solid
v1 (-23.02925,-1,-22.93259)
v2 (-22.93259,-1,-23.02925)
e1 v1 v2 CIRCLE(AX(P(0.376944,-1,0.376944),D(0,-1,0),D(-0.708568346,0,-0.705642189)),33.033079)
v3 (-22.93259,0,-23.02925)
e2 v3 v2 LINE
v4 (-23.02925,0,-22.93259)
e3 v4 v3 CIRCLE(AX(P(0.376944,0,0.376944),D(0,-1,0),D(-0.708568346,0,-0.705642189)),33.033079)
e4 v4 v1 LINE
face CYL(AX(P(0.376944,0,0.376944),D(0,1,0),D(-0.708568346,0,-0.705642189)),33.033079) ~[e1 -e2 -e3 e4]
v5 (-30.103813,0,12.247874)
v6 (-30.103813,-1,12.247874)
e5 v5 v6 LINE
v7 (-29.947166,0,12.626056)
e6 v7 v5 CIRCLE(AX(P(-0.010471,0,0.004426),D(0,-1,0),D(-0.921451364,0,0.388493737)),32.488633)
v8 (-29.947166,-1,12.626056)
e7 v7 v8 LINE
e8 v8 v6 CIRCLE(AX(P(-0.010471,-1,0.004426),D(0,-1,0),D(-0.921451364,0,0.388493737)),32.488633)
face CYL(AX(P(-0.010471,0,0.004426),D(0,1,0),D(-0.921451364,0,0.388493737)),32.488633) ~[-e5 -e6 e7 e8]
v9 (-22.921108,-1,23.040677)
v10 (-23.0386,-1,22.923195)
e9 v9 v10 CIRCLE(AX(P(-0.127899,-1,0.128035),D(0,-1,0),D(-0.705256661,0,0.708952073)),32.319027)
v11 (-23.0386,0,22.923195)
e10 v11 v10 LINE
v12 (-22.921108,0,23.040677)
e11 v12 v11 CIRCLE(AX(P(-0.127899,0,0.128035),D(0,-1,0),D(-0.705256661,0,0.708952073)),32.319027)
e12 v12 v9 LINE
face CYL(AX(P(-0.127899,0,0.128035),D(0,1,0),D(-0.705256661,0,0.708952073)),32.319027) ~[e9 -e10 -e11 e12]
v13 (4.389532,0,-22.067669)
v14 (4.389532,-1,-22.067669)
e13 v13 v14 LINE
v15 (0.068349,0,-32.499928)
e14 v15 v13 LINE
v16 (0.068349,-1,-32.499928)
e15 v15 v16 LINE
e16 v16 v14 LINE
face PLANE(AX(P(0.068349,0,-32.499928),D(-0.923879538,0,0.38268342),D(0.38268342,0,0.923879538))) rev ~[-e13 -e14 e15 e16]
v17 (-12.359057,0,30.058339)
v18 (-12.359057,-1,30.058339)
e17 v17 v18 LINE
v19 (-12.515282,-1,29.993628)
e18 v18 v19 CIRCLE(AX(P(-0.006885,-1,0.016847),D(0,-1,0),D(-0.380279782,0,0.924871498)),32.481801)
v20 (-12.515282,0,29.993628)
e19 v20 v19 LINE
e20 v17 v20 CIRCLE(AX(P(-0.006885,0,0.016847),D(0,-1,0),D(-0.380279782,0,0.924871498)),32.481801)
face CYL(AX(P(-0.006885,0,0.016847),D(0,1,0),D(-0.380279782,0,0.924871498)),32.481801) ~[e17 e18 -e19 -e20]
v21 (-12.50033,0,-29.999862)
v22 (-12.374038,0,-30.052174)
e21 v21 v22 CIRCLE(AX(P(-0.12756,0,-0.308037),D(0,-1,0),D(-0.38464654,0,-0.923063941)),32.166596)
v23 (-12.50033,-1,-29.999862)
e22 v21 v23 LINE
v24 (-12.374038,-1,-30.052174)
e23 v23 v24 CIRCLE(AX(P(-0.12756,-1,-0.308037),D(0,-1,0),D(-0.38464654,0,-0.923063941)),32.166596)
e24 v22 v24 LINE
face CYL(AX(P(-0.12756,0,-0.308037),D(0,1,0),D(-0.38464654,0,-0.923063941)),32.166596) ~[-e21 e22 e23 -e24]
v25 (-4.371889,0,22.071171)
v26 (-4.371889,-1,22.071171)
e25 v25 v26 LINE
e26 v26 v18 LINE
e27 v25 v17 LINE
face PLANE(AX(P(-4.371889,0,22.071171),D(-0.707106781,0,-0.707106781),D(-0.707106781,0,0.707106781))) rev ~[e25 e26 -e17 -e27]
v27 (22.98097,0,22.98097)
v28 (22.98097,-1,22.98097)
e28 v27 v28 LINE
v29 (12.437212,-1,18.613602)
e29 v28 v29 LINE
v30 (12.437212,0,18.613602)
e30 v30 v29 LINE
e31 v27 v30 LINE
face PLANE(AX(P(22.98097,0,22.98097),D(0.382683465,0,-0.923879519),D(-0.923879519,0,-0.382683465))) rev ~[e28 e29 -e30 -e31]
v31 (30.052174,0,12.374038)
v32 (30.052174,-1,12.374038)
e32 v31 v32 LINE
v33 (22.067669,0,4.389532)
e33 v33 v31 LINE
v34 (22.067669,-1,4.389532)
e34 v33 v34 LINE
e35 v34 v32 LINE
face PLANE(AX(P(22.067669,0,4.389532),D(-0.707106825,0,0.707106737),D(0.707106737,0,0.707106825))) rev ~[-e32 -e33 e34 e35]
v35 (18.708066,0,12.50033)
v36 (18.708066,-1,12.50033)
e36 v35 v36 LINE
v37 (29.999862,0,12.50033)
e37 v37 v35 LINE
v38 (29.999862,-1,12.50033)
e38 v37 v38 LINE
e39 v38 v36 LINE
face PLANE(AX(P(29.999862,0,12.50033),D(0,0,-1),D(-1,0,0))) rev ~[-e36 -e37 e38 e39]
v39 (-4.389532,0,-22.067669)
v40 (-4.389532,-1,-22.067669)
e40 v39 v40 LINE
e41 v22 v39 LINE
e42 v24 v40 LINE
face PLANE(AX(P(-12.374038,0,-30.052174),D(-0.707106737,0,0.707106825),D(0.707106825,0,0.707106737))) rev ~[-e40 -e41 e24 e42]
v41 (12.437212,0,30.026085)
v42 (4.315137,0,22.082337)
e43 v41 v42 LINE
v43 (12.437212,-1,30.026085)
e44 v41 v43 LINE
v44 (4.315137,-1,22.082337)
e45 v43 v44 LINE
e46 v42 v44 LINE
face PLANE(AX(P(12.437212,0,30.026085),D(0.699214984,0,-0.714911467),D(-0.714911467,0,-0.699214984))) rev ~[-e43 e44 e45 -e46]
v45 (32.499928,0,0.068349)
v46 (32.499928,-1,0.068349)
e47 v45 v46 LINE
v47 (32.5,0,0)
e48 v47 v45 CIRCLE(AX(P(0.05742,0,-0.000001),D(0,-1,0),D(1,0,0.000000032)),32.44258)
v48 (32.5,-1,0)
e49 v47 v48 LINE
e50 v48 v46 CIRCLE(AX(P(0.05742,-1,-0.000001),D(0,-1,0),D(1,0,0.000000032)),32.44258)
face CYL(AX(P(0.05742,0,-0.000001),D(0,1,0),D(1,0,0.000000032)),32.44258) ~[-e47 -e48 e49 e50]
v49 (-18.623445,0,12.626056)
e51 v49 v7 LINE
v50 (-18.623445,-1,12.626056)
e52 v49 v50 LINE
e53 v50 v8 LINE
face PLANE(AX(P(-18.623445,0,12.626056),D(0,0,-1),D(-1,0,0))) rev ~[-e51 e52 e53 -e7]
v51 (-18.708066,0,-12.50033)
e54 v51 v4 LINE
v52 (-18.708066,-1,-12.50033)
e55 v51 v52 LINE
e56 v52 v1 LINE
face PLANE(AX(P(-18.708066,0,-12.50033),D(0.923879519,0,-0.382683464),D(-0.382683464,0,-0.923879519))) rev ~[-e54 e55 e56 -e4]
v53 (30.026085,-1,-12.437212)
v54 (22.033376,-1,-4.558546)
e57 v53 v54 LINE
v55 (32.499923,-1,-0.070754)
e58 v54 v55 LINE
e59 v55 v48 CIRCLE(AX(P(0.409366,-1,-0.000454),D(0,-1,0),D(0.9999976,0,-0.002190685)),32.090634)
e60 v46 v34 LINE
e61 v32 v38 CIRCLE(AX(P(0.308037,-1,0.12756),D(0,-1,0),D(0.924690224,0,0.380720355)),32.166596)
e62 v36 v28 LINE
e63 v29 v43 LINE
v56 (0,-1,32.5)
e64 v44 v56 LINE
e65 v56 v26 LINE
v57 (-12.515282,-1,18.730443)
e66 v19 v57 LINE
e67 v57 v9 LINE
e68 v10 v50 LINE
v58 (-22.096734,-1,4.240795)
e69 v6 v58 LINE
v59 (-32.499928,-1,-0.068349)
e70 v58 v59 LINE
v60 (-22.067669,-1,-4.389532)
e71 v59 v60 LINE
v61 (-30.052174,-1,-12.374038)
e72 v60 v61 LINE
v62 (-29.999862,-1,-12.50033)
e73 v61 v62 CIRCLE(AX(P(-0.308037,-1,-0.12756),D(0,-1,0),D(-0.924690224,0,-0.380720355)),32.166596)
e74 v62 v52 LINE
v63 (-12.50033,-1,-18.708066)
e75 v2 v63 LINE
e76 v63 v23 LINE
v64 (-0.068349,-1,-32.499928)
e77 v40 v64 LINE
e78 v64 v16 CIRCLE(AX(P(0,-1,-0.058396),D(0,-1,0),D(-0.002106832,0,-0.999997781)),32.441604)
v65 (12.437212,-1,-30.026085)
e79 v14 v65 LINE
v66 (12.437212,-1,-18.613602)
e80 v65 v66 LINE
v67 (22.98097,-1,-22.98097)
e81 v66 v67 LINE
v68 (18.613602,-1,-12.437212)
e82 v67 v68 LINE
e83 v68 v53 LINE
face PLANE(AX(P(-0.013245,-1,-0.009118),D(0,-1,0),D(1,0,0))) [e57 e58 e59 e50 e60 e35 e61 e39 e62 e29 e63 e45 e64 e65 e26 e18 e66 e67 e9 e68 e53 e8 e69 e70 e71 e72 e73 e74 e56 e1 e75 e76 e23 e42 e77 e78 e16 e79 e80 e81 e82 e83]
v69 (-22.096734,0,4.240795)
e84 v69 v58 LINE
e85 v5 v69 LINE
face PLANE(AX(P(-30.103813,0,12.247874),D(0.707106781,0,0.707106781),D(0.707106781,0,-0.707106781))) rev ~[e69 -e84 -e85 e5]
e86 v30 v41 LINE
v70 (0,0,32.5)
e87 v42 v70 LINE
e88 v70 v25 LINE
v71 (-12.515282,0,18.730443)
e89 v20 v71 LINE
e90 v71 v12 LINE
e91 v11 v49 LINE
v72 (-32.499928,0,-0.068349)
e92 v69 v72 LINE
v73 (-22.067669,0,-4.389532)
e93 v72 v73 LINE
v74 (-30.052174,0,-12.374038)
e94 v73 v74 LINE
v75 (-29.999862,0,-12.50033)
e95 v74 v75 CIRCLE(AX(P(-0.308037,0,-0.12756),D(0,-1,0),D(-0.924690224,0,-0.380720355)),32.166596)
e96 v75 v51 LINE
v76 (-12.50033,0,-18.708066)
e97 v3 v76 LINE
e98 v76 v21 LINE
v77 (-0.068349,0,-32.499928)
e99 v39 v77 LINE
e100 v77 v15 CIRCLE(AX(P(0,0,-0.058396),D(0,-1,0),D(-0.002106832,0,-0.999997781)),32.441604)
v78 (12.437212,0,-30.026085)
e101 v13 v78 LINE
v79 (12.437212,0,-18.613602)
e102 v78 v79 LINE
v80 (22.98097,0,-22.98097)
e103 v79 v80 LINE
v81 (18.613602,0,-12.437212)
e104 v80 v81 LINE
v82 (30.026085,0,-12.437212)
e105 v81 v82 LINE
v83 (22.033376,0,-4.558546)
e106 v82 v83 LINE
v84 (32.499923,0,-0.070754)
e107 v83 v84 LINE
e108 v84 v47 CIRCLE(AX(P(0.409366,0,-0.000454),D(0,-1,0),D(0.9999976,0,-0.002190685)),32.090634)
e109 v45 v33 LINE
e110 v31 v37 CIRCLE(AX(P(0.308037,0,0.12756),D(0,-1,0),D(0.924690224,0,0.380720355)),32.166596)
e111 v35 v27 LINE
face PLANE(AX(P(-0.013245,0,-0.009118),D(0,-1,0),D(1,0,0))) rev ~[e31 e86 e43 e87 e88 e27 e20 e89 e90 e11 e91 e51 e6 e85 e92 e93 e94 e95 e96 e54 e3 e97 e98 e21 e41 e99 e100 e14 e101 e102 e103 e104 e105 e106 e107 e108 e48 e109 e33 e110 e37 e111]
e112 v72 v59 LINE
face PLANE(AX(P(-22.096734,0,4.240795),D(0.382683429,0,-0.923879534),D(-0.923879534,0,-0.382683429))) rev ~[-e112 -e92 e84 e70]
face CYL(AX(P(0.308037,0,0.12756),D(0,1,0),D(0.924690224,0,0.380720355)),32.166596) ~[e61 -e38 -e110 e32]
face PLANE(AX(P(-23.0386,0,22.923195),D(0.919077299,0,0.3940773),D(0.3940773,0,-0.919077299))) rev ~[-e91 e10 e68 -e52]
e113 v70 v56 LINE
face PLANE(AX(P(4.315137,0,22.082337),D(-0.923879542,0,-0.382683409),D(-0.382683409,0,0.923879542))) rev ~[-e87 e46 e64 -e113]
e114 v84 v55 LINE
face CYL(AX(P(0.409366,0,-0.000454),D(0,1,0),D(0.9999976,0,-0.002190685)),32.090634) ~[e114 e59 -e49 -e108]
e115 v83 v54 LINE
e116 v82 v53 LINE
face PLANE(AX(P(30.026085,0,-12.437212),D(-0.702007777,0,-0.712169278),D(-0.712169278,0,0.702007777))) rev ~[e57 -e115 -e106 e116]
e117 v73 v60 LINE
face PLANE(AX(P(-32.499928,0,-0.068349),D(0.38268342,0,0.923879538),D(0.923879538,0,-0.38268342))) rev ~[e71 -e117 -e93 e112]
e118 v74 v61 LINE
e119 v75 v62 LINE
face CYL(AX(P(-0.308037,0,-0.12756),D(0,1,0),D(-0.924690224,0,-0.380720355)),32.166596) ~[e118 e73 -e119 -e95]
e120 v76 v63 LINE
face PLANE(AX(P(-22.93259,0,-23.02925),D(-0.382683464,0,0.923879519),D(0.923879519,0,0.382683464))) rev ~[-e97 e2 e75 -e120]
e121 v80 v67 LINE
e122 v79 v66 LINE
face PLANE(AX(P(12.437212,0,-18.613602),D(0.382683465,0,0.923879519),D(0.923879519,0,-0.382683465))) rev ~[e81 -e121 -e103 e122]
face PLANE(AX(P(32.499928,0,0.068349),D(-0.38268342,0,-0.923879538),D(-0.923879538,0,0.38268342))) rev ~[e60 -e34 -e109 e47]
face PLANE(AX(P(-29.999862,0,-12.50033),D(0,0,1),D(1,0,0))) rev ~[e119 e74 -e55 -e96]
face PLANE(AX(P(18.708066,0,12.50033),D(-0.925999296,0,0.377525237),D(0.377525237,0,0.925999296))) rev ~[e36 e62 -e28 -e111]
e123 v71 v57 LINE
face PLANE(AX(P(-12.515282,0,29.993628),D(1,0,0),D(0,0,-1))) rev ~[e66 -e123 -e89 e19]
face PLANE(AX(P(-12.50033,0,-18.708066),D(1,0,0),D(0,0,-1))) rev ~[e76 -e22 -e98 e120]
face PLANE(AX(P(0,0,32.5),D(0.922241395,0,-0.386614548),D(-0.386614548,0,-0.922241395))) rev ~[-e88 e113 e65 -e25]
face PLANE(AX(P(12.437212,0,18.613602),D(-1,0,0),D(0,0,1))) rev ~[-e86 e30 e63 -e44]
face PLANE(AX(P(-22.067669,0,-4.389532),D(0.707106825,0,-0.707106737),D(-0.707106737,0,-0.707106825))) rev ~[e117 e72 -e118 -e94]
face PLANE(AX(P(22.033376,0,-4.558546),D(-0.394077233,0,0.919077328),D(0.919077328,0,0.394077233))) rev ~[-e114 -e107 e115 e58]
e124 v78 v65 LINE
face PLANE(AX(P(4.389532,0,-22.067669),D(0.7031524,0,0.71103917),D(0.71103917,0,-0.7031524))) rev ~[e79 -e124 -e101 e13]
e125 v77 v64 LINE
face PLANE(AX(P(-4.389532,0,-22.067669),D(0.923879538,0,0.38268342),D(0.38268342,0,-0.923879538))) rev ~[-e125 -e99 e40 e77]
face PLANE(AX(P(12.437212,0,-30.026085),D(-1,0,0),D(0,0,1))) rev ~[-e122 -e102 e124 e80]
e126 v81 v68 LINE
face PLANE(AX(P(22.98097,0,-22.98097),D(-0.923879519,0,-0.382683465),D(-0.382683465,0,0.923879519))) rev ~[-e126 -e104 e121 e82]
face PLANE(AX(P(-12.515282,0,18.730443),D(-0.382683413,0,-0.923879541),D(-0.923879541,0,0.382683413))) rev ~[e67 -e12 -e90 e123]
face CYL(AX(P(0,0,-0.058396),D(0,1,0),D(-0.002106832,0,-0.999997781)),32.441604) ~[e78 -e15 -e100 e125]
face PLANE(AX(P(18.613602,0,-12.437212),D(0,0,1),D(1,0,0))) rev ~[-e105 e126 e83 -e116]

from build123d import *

# Parameters (mm, degrees)
F1_DEPTH = 1


with BuildPart() as f1:
    # F0 (on Front) → F1 (new body)
    with BuildSketch(Plane.XZ):
        with BuildLine():
            Line((18.708066, 12.50033), (22.98097, 22.98097))
            Line((22.98097, 22.98097), (12.437212, 18.613602))
            Line((12.437212, 18.613602), (12.437212, 30.026085))
            Line((12.437212, 30.026085), (4.315137, 22.082337))
            Line((4.315137, 22.082337), (0, 32.5))
            Line((0, 32.5), (-4.371889, 22.071171))
            Line((-4.371889, 22.071171), (-12.359057, 30.058339))
            ThreePointArc((-12.359057, 30.058339), (-12.437212, 30.026085), (-12.515282, 29.993628))
            Line((-12.515282, 29.993628), (-12.515282, 18.730443))
            Line((-12.515282, 18.730443), (-22.921108, 23.040677))
            ThreePointArc((-22.921108, 23.040677), (-22.979929, 22.982012), (-23.0386, 22.923195))
            Line((-23.0386, 22.923195), (-18.623445, 12.626056))
            Line((-18.623445, 12.626056), (-29.947166, 12.626056))
            ThreePointArc((-29.947166, 12.626056), (-30.026085, 12.437212), (-30.103813, 12.247874))
            Line((-30.103813, 12.247874), (-22.096734, 4.240795))
            Line((-22.096734, 4.240795), (-32.499928, -0.068349))
            Line((-32.499928, -0.068349), (-22.067669, -4.389532))
            Line((-22.067669, -4.389532), (-30.052174, -12.374038))
            ThreePointArc((-30.052174, -12.374038), (-30.026085, -12.437212), (-29.999862, -12.50033))
            Line((-29.999862, -12.50033), (-18.708066, -12.50033))
            Line((-18.708066, -12.50033), (-23.02925, -22.93259))
            ThreePointArc((-23.02925, -22.93259), (-22.98097, -22.98097), (-22.93259, -23.02925))
            Line((-22.93259, -23.02925), (-12.50033, -18.708066))
            Line((-12.50033, -18.708066), (-12.50033, -29.999862))
            ThreePointArc((-12.50033, -29.999862), (-12.437212, -30.026085), (-12.374038, -30.052174))
            Line((-12.374038, -30.052174), (-4.389532, -22.067669))
            Line((-4.389532, -22.067669), (-0.068349, -32.499928))
            ThreePointArc((-0.068349, -32.499928), (0, -32.5), (0.068349, -32.499928))
            Line((0.068349, -32.499928), (4.389532, -22.067669))
            Line((4.389532, -22.067669), (12.437212, -30.026085))
            Line((12.437212, -30.026085), (12.437212, -18.613602))
            Line((12.437212, -18.613602), (22.98097, -22.98097))
            Line((22.98097, -22.98097), (18.613602, -12.437212))
            Line((18.613602, -12.437212), (30.026085, -12.437212))
            Line((30.026085, -12.437212), (22.033376, -4.558546))
            Line((22.033376, -4.558546), (32.499923, -0.070754))
            ThreePointArc((32.499923, -0.070754), (32.499981, -0.035377), (32.5, 0))
            ThreePointArc((32.5, 0), (32.499982, 0.034174), (32.499928, 0.068349))
            Line((32.499928, 0.068349), (22.067669, 4.389532))
            Line((22.067669, 4.389532), (30.052174, 12.374038))
            ThreePointArc((30.052174, 12.374038), (30.026085, 12.437212), (29.999862, 12.50033))
            Line((29.999862, 12.50033), (18.708066, 12.50033))
        make_face()
    extrude(amount=F1_DEPTH)


solid = f1.part
